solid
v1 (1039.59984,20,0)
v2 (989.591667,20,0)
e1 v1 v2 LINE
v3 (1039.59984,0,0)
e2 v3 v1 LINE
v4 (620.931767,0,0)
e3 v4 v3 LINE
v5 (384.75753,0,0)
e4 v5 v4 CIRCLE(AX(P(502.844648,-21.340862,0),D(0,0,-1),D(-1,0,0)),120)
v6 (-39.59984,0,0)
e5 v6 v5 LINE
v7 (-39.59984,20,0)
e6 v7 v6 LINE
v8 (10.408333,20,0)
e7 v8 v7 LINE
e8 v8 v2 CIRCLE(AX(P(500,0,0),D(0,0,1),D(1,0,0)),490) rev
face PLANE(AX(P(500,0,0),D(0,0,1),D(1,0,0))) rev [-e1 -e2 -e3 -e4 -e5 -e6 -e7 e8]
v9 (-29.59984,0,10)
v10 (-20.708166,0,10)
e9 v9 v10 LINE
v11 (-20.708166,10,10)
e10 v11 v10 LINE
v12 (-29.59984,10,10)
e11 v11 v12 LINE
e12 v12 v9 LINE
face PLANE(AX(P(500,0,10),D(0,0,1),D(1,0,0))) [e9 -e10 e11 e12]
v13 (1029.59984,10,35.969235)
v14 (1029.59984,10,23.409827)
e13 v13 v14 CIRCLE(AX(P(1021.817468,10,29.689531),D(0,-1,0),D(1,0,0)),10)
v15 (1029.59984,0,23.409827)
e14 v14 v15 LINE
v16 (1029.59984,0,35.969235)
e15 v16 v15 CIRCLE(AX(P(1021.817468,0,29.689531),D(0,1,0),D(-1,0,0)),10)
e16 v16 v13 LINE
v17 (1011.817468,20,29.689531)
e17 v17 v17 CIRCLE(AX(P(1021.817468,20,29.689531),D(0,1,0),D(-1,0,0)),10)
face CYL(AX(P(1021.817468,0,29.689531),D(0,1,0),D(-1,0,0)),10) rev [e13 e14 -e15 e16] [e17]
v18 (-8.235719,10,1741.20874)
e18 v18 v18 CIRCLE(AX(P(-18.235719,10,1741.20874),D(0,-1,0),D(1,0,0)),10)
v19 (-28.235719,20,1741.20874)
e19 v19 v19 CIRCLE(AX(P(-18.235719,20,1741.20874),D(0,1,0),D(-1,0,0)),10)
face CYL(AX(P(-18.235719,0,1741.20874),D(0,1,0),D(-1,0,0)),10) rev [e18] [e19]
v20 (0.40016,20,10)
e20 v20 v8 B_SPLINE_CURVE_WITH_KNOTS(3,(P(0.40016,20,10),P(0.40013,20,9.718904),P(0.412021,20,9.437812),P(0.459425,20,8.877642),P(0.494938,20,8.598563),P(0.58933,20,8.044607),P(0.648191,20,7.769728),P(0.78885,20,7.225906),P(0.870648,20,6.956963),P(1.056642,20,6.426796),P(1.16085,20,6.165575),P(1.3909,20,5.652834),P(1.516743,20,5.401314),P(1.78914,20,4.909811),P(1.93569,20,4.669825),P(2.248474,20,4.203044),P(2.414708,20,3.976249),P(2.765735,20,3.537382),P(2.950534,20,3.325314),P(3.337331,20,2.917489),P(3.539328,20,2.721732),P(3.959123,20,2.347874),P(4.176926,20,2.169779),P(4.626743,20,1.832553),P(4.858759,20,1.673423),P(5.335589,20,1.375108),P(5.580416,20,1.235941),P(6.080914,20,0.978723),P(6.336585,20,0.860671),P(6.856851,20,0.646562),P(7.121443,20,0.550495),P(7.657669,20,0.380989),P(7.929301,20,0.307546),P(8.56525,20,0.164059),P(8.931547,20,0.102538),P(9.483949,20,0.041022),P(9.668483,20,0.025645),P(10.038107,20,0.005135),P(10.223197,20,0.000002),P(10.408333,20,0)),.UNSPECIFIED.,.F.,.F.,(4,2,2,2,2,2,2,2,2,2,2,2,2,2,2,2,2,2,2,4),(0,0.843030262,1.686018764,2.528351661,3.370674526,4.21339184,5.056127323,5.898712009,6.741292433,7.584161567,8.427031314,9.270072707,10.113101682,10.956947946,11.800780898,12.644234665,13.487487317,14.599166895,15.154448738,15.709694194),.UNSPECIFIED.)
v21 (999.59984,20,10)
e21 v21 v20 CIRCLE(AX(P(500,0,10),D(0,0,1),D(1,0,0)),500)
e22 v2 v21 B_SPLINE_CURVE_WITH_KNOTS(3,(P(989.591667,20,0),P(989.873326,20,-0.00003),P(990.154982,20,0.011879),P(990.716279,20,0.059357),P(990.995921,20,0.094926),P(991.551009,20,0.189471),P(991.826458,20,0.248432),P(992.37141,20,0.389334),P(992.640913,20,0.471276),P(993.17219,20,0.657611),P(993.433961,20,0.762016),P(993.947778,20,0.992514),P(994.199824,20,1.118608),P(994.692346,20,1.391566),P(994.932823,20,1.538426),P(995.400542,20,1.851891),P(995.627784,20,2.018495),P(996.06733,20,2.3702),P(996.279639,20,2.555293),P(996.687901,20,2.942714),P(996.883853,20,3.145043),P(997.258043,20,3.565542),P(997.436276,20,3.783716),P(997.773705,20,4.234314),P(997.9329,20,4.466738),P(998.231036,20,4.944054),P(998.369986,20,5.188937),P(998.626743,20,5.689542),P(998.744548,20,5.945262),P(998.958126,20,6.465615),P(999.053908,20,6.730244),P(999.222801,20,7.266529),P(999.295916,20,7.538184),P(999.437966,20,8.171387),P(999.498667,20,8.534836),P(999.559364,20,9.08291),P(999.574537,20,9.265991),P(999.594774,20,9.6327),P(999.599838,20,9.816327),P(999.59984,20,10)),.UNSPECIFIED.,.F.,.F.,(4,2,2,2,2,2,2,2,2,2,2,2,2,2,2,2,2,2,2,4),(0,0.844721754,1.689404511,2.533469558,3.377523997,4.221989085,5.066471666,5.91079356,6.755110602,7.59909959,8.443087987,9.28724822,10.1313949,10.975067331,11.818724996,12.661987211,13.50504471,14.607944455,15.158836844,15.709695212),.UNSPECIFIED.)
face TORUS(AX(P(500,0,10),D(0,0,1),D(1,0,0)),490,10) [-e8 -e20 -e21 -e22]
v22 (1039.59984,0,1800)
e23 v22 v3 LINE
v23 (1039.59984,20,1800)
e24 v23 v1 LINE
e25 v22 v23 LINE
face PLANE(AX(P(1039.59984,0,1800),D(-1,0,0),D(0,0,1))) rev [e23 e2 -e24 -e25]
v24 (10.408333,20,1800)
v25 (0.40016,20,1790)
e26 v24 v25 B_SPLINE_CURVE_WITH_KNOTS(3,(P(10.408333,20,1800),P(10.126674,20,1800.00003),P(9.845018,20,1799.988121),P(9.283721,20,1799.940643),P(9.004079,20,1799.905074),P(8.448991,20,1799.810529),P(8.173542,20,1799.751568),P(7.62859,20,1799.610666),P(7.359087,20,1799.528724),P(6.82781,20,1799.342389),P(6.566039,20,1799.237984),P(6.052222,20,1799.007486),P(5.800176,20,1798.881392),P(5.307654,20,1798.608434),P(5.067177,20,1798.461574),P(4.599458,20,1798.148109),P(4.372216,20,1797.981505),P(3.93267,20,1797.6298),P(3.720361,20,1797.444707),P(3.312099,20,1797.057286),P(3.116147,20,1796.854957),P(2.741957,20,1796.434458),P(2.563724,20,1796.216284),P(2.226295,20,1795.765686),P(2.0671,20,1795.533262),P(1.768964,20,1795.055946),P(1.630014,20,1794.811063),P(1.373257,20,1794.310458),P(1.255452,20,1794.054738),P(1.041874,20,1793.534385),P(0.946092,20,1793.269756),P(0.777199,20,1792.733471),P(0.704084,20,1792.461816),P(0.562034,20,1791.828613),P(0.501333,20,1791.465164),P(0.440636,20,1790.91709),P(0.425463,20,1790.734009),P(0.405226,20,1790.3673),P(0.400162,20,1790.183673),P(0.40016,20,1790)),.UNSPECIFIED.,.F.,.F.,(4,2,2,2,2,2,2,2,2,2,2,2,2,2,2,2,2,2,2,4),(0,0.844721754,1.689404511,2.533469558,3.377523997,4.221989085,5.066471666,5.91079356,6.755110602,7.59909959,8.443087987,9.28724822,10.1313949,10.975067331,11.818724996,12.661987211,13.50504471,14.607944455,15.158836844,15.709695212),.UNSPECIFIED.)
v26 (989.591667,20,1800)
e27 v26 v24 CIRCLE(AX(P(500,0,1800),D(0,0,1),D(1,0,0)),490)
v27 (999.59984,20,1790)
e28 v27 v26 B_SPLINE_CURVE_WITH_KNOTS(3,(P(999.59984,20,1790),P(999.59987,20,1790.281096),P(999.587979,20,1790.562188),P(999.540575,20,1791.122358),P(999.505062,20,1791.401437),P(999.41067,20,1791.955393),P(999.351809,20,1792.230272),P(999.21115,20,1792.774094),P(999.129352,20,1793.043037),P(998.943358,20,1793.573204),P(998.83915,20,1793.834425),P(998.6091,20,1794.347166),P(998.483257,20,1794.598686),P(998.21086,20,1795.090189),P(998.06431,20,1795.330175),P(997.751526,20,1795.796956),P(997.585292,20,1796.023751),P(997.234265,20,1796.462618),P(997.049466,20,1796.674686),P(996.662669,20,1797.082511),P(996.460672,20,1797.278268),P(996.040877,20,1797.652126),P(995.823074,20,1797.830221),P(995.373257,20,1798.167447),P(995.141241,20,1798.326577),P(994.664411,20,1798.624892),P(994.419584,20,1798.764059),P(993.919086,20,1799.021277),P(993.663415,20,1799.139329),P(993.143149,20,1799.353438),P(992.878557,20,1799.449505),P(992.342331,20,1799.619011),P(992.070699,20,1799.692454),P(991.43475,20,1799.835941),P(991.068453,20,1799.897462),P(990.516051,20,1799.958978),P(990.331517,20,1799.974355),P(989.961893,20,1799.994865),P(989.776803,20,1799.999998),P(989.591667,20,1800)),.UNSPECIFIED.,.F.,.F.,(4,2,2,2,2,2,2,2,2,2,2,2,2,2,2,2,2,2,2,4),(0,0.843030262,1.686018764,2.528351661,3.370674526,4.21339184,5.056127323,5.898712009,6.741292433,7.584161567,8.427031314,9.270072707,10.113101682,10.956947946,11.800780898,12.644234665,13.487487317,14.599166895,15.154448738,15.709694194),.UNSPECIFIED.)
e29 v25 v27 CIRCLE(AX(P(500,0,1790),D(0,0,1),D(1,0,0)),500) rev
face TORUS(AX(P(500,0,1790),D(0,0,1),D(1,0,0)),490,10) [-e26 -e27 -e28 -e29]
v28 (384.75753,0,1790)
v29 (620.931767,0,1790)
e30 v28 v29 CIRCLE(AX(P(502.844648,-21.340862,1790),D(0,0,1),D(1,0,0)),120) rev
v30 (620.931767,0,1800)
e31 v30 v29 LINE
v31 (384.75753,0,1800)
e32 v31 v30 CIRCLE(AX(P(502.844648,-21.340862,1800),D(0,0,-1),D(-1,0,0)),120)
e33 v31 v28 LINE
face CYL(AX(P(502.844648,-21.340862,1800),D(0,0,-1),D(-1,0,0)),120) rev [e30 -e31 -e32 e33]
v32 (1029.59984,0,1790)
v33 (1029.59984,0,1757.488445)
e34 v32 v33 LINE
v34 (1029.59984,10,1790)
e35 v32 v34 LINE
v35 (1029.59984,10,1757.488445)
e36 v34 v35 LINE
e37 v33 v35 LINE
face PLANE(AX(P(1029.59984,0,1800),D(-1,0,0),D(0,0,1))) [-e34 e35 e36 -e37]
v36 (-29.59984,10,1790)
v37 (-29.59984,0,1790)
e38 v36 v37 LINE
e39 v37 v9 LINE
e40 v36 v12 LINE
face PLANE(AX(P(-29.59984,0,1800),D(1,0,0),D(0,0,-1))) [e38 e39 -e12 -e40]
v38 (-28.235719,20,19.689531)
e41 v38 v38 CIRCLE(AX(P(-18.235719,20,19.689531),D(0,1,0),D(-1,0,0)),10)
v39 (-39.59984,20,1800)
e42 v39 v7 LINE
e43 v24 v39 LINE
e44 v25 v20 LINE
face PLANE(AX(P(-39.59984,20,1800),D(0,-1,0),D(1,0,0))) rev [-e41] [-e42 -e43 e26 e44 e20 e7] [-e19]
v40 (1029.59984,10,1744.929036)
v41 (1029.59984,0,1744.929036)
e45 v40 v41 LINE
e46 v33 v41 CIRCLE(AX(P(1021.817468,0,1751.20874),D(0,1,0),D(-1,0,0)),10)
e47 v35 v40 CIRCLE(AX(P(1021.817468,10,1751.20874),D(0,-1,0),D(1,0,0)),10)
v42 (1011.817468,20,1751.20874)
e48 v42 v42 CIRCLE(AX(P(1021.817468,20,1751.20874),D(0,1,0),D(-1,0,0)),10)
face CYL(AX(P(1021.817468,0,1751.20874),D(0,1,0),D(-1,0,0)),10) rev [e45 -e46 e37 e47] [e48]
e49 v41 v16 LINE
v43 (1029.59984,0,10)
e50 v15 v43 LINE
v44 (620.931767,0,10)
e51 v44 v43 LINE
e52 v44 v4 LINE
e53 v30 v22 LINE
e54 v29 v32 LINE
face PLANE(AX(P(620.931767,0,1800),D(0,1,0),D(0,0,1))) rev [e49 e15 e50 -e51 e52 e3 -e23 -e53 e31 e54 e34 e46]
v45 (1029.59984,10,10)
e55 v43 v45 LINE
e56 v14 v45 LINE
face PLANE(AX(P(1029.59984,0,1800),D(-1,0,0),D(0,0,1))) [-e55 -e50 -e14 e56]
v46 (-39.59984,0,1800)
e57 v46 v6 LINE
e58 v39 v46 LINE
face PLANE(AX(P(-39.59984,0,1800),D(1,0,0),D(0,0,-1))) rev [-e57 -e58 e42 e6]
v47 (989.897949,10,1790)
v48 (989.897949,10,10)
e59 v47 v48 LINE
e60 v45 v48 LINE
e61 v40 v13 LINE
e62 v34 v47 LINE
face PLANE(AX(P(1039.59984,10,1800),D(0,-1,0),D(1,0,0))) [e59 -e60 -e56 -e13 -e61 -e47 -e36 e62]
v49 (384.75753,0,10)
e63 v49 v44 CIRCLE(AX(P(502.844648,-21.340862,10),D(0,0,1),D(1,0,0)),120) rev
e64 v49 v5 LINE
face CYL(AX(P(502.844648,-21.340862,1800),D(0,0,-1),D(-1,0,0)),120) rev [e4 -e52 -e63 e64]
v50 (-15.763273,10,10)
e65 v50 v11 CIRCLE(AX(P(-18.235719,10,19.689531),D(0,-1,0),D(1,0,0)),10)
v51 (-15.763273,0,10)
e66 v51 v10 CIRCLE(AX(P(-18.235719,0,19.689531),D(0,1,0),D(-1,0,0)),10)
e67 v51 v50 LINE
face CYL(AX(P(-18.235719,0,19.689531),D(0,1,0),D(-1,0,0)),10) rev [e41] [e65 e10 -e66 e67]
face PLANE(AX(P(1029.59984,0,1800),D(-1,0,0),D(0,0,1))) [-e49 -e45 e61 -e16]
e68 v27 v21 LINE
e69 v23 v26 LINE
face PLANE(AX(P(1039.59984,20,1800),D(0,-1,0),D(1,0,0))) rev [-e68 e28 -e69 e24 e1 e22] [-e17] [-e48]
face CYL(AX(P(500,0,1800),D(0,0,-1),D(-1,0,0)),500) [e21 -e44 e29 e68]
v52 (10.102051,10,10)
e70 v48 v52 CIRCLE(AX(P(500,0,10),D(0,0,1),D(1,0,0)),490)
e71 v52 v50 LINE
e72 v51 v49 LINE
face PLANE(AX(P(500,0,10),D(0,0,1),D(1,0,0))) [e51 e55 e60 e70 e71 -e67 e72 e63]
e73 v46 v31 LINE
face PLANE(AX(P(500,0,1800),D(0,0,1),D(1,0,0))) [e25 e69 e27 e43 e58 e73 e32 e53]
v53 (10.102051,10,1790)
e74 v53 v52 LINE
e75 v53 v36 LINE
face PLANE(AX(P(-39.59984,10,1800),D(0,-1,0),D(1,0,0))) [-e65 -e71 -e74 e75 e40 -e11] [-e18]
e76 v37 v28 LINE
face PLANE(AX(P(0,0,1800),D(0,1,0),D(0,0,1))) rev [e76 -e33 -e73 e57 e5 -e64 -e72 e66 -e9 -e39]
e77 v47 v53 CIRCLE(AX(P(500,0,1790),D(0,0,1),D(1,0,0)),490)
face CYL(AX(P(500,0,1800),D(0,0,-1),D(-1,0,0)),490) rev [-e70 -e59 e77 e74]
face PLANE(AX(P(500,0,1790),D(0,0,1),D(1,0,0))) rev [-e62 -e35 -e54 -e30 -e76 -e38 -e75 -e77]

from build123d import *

# Parameters (mm, degrees)
BOSS_EXTRUDE1_DEPTH = 1800
BOSS_EXTRUDE2_DEPTH = 1800
SHELL1_T            = -10
FILLET1_R           = 10
SKETCH3_R           = 10
CUT_EXTRUDE1_DEPTH  = 2134.346626248


with BuildPart() as part:
    # Sketch1 → Boss-Extrude1 (new body)
    with BuildSketch(Plane.XY):
        with BuildLine():
            Line((0, 0), (384.757529665, 0))
            ThreePointArc((384.757529665, 0), (502.844648307, 98.659137532), (620.931766949, 0))
            Line((620.931766949, 0), (1000, 0))
            ThreePointArc((1000, 0), (500, 500), (0, 0))
        make_face()
    extrude(amount=BOSS_EXTRUDE1_DEPTH)

    # Sketch2 → Boss-Extrude2 (add)
    with BuildSketch(Plane.XY):
        Polygon((1000, 0), (1039.599839872, 0), (1039.599839872, 20), (999.599839872, 20), align=None)
        Polygon((0, 0), (-39.599839872, 0), (-39.599839872, 20), (0.400160128, 20), align=None)
    extrude(amount=BOSS_EXTRUDE2_DEPTH)

    # Shell1
    shell1_openings = [part.faces().sort_by_distance(p)[0] for p in [
        (830.265803411, 0, 900),
        (502.844648307, 98.659137532, 900),
        (172.578844897, 0, 900),
    ]]
    offset(amount=SHELL1_T, openings=shell1_openings, kind=Kind.INTERSECTION)

    # Fillet1
    fillet1_edges = [part.edges().sort_by_distance(p)[0] for p in [
        (500, 500, 0),
        (500, 500, 1800),
    ]]
    fillet(fillet1_edges, radius=FILLET1_R)

    # Sketch3 → Cut-Extrude1 (cut, through all)
    with BuildSketch(Plane(origin=(0, 20, 0), x_dir=(1, 0, 0), z_dir=(0, 1, 0))):
        with Locations(Location((-18.235719302, -19.68953089, 0), (0, 0, 180))):
            Circle(SKETCH3_R)
        with Locations(Location((1021.817467904, -29.68953089, 0), (0, 0, 180))):
            Circle(SKETCH3_R)
        with Locations(Location((1021.817467904, -1751.208740349, 0), (0, 0, 180))):
            Circle(SKETCH3_R)
        with Locations(Location((-18.235719302, -1741.208740349, 0), (0, 0, 180))):
            Circle(SKETCH3_R)
    extrude(amount=-CUT_EXTRUDE1_DEPTH, mode=Mode.SUBTRACT)


solid = part.part
